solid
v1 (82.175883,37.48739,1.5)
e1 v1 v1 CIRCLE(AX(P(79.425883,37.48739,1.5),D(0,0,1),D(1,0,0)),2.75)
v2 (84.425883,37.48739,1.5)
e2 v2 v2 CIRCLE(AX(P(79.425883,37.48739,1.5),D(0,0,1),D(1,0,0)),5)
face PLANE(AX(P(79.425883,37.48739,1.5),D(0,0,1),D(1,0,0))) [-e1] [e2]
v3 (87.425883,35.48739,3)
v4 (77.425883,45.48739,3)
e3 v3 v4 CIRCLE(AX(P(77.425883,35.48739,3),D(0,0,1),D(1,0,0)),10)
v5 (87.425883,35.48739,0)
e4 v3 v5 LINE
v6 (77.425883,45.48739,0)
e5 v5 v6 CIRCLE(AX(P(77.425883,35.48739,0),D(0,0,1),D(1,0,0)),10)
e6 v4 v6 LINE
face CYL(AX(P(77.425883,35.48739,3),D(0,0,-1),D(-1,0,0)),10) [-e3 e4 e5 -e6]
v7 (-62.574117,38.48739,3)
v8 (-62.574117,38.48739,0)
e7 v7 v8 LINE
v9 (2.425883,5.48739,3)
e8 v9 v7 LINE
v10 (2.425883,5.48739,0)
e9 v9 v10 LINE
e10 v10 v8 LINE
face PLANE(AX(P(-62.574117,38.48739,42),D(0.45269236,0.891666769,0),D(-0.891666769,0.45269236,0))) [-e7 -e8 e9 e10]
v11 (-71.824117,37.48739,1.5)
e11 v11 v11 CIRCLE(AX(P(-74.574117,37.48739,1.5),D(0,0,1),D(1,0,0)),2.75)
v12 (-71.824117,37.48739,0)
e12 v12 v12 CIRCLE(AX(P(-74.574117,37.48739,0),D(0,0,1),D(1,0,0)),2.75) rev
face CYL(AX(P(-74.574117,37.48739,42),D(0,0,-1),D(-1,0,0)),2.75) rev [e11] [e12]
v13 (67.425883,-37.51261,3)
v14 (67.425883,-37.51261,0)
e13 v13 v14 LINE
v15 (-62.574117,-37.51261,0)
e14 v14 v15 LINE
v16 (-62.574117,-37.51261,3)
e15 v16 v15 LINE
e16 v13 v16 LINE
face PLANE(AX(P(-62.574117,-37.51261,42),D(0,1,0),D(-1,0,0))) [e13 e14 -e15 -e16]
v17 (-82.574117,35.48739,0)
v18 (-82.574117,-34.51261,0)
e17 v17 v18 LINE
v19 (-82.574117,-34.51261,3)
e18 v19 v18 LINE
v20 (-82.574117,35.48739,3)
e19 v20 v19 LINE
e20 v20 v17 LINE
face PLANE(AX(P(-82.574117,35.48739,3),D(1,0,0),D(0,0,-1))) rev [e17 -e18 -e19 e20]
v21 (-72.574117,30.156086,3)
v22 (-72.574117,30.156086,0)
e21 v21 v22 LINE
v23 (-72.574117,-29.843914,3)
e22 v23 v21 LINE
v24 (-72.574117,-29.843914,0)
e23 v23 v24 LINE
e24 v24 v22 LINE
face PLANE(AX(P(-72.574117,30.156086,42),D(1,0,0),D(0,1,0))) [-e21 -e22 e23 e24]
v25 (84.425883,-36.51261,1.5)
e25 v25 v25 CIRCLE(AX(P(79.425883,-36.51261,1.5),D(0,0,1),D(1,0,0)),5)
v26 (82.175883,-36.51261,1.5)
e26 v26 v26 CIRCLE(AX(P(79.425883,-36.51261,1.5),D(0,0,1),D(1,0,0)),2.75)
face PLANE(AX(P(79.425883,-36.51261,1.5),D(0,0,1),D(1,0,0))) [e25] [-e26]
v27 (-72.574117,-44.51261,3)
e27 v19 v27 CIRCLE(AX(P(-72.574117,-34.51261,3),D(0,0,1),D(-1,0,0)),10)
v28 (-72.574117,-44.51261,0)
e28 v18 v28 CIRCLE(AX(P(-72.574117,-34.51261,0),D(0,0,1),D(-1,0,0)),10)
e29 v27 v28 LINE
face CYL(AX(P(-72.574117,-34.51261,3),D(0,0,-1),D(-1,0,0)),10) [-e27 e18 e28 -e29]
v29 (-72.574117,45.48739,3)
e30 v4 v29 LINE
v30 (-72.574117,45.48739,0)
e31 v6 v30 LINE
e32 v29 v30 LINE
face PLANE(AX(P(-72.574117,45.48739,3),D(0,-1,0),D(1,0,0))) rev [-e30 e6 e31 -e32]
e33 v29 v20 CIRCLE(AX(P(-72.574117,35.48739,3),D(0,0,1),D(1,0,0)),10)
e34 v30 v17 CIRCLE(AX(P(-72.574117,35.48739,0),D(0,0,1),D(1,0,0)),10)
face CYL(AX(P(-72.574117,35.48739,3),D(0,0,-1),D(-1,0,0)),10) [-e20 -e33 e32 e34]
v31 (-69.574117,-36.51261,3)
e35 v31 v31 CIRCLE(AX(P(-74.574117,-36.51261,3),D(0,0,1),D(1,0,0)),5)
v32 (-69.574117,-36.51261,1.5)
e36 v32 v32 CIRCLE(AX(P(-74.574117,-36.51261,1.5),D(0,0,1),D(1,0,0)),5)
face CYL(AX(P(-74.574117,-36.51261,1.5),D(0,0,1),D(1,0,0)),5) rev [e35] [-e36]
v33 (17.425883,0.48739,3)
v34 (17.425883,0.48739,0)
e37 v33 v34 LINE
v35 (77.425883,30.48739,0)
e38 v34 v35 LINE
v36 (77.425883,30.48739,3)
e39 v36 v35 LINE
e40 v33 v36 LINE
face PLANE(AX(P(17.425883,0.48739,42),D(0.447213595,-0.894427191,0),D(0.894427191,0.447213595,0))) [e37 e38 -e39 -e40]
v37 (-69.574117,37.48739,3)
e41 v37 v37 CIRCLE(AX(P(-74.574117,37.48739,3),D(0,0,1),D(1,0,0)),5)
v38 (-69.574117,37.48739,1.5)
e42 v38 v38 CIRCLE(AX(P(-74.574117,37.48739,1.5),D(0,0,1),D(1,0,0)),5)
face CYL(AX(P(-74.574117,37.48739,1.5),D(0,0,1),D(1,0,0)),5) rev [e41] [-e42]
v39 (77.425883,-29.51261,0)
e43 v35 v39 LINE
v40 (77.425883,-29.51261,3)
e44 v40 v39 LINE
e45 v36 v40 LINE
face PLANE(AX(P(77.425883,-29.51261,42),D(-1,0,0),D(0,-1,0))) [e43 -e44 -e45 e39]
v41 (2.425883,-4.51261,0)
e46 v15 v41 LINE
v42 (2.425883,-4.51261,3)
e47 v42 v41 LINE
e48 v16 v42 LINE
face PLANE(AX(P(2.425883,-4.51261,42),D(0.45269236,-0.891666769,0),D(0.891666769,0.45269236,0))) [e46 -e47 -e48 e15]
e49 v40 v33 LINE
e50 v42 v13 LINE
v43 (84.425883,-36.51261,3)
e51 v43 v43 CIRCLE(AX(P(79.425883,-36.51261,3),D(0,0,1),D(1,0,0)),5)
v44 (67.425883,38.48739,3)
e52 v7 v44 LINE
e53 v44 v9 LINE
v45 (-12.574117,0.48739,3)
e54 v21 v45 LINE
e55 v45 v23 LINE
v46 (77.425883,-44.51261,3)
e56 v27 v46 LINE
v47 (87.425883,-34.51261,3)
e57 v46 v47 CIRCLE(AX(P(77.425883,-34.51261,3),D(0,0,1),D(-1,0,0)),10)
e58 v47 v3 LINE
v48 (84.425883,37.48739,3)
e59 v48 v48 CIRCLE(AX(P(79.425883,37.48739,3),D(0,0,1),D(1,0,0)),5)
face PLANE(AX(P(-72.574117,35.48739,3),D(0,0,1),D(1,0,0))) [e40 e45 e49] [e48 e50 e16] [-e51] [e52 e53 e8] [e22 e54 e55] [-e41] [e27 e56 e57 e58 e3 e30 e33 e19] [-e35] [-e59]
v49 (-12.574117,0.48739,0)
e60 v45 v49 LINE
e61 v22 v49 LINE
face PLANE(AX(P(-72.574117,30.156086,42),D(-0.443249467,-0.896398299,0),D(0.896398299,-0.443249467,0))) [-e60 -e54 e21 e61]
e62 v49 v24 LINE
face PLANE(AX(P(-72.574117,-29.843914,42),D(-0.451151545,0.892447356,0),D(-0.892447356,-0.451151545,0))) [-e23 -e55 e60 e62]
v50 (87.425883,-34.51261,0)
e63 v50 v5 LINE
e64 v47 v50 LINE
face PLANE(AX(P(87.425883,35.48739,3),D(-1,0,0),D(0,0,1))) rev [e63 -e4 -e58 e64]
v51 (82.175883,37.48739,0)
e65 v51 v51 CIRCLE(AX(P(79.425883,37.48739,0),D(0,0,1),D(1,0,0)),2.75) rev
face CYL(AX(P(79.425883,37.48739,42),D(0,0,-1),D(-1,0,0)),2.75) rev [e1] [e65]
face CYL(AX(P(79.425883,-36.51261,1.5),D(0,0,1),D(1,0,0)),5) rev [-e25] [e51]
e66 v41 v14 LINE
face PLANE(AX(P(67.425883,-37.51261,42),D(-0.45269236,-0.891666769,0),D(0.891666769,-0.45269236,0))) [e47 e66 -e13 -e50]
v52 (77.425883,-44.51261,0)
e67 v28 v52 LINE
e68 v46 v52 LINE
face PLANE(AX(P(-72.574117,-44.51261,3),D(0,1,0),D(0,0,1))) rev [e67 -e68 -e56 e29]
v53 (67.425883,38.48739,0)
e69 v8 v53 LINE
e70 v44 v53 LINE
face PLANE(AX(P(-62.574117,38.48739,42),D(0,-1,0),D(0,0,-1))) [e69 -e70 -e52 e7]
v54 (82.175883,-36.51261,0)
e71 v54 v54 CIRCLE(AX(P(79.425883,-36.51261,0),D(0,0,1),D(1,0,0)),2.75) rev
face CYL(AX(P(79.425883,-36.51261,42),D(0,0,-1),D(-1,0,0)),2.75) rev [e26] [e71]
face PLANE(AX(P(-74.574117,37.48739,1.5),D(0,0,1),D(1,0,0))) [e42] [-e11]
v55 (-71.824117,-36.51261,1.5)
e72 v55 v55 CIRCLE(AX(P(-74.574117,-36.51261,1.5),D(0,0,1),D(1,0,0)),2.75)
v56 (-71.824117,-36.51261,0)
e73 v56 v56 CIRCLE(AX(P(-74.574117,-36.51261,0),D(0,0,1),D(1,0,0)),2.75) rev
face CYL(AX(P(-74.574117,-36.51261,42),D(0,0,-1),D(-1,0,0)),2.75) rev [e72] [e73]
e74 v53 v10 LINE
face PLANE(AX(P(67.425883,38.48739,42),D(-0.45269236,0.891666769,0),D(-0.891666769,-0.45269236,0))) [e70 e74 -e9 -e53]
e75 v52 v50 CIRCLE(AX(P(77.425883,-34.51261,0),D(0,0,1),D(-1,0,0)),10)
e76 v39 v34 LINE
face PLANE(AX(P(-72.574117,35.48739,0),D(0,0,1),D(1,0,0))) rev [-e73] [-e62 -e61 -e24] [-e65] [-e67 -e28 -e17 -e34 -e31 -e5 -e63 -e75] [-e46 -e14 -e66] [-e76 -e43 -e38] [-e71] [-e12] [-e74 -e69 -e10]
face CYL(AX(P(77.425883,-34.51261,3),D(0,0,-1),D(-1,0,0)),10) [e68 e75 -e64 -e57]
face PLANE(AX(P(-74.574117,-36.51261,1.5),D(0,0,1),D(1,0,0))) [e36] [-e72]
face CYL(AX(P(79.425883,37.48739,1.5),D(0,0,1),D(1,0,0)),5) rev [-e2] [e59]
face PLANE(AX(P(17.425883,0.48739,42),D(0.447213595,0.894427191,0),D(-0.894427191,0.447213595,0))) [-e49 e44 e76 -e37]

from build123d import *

# Parameters (mm, degrees)
EXTRUDE_1_DEPTH          = 3
CUT_EXTRUDE_1_DEPTH      = 39
CUT_EXTRUDE_1_DEPTH_BACK = 10
SKETCH_2_R               = 2.75
SKETCH_3_R               = 5
CUT_EXTRUDE_2_DEPTH      = 1.5


with BuildPart() as part:
    # 草图1 → 凸台-拉伸1 (new body)
    with BuildSketch(Plane.XY):
        with BuildLine():
            Line((-72.574116531, 45.487390308), (77.425883469, 45.487390308))
            ThreePointArc((77.425883469, 45.487390308), (84.496951281, 42.558458119), (87.425883469, 35.487390308))
            Line((87.425883469, 35.487390308), (87.425883469, -34.512609692))
            ThreePointArc((87.425883469, -34.512609692), (84.496951281, -41.583677504), (77.425883469, -44.512609692))
            Line((77.425883469, -44.512609692), (-72.574116531, -44.512609692))
            ThreePointArc((-72.574116531, -44.512609692), (-79.645184343, -41.583677504), (-82.574116531, -34.512609692))
            Line((-82.574116531, -34.512609692), (-82.574116531, 35.487390308))
            ThreePointArc((-82.574116531, 35.487390308), (-79.645184343, 42.558458119), (-72.574116531, 45.487390308))
        make_face()
    extrude(amount=EXTRUDE_1_DEPTH)

    # 草图2 → 切除-拉伸1 (cut, two sides: drawn at the far end of the back side and taken through both)
    with BuildSketch(Plane.XY.offset(3).offset(-CUT_EXTRUDE_1_DEPTH_BACK)):
        with Locations((-74.574116531, 37.487390308)):
            Circle(SKETCH_2_R)
        with Locations((-74.574116531, -36.512609692)):
            Circle(SKETCH_2_R)
        with Locations((79.425883469, 37.487390308)):
            Circle(SKETCH_2_R)
        with Locations((79.425883469, -36.512609692)):
            Circle(SKETCH_2_R)
        Polygon((-62.574116531, 38.487390308), (2.425883469, 5.487390308), (67.425883469, 38.487390308), align=None)
        Polygon((-72.574116531, 30.156085606), (-12.574116531, 0.487390308), (-72.574116531, -29.843914394), align=None)
        Polygon((2.425883469, -4.512609692), (-62.574116531, -37.512609692), (67.425883469, -37.512609692), align=None)
        Polygon((17.425883469, 0.487390308), (77.425883469, 30.487390308), (77.425883469, -29.512609692), align=None)
    extrude(amount=CUT_EXTRUDE_1_DEPTH + CUT_EXTRUDE_1_DEPTH_BACK, mode=Mode.SUBTRACT)

    # 草图3 → 切除-拉伸2 (cut)
    with BuildSketch(Plane.XY.offset(3)):
        with Locations((-74.574116531, 37.487390308)):
            Circle(SKETCH_3_R)
        with Locations((79.425883469, 37.487390308)):
            Circle(SKETCH_3_R)
        with Locations((79.425883469, -36.512609692)):
            Circle(SKETCH_3_R)
        with Locations((-74.574116531, -36.512609692)):
            Circle(SKETCH_3_R)
    extrude(amount=-CUT_EXTRUDE_2_DEPTH, mode=Mode.SUBTRACT)


solid = part.part
